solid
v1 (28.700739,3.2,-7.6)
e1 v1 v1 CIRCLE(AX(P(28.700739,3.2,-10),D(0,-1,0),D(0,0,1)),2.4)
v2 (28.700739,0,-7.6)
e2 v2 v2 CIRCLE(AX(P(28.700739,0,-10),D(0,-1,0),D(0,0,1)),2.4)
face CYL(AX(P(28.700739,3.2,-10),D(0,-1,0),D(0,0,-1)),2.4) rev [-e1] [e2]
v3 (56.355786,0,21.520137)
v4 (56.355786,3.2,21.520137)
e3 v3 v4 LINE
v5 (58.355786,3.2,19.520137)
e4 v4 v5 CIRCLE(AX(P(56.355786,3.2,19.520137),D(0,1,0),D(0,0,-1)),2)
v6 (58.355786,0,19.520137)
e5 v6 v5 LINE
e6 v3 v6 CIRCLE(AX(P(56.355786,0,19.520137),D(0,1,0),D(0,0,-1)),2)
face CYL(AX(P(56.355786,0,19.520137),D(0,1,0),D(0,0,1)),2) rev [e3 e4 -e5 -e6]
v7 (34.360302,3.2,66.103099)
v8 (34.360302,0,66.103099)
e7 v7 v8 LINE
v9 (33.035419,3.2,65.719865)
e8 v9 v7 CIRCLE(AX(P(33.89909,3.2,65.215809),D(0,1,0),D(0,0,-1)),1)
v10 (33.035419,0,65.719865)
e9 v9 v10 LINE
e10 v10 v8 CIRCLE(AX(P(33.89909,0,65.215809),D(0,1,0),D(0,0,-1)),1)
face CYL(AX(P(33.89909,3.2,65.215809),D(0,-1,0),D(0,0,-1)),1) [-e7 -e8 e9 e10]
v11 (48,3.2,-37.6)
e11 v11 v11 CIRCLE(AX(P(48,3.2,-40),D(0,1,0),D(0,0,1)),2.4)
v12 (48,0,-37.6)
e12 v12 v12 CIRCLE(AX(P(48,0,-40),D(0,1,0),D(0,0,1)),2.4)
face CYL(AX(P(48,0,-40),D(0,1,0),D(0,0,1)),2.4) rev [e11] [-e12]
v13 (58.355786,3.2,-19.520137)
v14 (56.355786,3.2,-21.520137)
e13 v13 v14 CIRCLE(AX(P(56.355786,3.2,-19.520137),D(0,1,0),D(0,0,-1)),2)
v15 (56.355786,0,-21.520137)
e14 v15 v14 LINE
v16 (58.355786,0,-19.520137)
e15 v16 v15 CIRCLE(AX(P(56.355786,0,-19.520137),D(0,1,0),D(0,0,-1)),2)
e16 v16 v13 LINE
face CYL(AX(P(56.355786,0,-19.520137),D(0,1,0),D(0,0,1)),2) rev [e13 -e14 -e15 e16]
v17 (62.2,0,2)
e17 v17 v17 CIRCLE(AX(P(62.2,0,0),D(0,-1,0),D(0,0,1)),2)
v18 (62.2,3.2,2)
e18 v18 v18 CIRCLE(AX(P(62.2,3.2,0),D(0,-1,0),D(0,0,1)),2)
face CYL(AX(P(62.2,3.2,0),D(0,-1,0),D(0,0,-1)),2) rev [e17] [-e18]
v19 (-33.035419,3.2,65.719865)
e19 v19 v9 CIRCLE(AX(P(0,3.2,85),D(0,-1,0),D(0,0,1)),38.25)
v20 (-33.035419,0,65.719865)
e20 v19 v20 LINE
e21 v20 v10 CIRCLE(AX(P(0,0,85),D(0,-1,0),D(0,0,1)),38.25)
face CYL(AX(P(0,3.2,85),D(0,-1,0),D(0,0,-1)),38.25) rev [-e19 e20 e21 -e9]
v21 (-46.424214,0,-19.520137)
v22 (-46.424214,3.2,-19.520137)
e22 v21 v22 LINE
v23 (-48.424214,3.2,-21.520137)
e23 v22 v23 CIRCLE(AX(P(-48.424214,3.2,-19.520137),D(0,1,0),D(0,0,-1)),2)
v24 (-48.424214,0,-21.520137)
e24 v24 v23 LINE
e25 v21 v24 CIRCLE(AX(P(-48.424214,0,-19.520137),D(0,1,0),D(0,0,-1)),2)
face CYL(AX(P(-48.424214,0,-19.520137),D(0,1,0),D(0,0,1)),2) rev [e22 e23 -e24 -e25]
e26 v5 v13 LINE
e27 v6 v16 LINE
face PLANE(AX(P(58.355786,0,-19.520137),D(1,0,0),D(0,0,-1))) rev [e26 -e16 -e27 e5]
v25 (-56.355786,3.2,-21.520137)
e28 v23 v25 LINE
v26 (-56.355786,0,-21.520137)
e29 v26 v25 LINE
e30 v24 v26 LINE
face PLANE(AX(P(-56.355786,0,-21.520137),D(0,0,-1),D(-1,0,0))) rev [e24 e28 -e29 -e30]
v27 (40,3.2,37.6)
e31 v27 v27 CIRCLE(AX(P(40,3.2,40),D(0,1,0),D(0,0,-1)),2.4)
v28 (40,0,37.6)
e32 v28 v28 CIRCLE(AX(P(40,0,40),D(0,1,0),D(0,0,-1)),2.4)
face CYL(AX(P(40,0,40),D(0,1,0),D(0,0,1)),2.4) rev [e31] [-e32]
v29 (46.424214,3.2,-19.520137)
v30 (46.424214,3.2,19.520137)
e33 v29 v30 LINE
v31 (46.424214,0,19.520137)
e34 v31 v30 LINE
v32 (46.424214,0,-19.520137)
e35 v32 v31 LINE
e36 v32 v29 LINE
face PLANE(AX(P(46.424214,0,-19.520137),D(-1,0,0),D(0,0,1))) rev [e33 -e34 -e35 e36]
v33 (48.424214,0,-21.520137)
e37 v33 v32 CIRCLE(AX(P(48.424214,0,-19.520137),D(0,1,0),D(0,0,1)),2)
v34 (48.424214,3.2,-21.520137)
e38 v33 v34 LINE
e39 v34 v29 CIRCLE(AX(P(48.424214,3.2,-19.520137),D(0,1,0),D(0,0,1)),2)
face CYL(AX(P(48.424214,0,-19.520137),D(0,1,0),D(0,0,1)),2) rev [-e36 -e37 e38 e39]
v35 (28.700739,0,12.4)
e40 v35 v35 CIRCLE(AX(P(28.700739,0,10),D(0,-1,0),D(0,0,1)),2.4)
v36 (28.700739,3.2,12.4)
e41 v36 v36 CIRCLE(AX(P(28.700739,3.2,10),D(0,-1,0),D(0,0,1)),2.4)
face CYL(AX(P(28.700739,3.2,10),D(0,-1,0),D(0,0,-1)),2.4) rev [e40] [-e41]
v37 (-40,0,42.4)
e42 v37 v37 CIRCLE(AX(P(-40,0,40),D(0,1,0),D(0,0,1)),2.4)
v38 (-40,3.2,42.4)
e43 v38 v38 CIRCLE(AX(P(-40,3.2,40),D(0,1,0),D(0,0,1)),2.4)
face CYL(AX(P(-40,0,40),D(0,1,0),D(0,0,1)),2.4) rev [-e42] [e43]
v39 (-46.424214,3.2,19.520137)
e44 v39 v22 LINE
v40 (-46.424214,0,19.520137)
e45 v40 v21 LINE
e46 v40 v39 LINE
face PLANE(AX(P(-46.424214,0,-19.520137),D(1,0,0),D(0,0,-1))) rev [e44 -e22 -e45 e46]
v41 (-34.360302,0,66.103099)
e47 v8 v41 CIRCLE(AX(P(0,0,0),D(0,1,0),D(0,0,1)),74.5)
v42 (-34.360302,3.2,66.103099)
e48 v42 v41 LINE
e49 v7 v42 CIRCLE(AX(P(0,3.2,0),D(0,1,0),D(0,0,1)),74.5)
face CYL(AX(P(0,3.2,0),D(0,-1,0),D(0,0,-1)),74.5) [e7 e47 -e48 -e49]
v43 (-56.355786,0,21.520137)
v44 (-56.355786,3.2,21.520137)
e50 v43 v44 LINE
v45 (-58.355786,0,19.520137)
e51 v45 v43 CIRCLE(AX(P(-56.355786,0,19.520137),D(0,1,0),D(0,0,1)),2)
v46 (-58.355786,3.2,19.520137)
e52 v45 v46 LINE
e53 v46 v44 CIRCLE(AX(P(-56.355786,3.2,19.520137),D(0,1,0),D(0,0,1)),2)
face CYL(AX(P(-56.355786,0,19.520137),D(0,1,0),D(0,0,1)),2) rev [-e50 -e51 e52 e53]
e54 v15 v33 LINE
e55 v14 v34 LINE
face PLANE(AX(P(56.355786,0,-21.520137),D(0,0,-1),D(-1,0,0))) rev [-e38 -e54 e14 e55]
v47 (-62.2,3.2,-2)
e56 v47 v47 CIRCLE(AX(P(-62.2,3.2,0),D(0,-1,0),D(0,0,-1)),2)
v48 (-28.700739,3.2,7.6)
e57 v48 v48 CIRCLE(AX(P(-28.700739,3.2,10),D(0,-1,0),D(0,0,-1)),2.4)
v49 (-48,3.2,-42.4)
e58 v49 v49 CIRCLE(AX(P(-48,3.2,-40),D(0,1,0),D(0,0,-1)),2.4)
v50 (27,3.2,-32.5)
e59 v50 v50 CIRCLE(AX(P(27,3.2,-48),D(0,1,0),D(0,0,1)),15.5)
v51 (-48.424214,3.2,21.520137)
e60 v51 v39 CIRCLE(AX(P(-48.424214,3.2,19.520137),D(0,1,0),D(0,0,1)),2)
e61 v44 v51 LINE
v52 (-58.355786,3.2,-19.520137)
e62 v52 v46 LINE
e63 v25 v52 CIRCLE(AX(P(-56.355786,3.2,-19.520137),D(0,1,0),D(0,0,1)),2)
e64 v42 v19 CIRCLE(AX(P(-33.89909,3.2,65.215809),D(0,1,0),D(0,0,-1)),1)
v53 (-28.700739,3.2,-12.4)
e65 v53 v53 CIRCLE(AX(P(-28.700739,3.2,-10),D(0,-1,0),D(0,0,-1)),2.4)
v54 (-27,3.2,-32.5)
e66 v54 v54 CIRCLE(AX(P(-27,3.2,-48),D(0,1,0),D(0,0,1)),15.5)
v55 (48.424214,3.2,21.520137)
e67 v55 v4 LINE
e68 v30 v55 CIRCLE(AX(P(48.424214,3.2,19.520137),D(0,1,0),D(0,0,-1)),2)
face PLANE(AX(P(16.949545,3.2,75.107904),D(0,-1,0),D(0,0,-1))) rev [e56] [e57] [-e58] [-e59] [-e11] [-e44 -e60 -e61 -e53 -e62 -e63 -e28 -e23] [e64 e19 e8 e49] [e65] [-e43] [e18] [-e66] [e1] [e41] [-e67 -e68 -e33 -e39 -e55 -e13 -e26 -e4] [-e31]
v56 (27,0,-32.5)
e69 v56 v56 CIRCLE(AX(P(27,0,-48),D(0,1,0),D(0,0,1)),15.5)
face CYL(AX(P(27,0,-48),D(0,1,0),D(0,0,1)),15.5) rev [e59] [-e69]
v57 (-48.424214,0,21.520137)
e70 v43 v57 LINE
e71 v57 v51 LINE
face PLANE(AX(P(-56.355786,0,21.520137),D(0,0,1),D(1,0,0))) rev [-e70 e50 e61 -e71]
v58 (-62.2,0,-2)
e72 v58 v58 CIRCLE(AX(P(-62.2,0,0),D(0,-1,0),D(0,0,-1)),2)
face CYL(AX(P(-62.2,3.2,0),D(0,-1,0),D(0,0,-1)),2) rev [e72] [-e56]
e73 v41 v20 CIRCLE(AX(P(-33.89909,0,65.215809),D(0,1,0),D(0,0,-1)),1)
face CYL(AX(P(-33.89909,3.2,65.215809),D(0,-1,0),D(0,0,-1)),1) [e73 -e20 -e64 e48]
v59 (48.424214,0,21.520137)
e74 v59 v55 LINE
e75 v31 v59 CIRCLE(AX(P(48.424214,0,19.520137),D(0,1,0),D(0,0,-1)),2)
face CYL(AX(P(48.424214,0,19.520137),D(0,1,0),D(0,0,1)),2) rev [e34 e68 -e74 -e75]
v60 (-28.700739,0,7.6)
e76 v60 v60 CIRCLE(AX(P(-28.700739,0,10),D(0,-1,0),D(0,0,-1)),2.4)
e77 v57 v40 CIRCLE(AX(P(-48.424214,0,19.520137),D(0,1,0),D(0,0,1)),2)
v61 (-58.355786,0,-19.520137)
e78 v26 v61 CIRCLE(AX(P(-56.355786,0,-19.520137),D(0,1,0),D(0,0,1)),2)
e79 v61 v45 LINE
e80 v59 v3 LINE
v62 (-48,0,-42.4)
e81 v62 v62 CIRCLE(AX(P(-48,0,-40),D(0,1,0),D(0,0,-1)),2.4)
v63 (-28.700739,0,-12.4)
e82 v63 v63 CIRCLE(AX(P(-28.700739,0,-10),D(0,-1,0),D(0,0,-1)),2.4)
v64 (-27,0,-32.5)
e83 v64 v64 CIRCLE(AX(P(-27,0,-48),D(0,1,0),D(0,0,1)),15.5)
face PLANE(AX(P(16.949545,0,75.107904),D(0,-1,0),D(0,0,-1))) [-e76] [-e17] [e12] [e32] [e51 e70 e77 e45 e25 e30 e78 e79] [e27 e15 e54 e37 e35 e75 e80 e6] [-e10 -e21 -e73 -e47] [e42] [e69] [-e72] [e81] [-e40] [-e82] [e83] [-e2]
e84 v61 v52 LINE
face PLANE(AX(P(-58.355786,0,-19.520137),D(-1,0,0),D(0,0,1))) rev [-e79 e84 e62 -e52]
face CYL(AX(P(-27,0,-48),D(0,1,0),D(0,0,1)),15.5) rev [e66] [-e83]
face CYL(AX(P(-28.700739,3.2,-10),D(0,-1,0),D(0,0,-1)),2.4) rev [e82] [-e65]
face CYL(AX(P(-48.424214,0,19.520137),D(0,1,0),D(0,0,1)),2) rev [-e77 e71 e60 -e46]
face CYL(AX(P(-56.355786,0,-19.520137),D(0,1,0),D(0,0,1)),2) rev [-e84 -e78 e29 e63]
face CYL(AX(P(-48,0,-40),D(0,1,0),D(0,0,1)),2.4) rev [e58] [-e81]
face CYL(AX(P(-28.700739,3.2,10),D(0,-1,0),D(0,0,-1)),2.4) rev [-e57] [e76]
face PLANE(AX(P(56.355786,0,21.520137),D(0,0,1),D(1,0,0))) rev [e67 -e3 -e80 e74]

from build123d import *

# Parameters (mm, degrees)
BOSS_EXTRUDE1_DEPTH = 3.2
SKETCH2_W           = 10.76
SKETCH2_H           = 41.868700306
CUT_EXTRUDE1_DEPTH  = 106.40749499
SKETCH3_R           = 2
SKETCH3_R_2         = 2.4
CUT_EXTRUDE2_DEPTH  = 106.40749499
SKETCH4_R           = 15
CUT_EXTRUDE3_DEPTH  = 106.40749499
CUT_EXTRUDE4_DEPTH  = 106.40749499
SKETCH6_R           = 2.4
CUT_EXTRUDE5_DEPTH  = 106.40749499
SKETCH8_R           = 15.5
CUT_EXTRUDE6_DEPTH  = 106.40749499


with BuildPart() as part:
    # Sketch1 → Boss-Extrude1 (new body)
    with BuildSketch(Plane(origin=(0, 0, 0), x_dir=(1, 0, 0), z_dir=(0, 1, 0))):
        with BuildLine():
            ThreePointArc((34.36030176, -66.103098739), (0, 74.5), (-34.36030176, -66.103098739))
            ThreePointArc((-34.36030176, -66.103098739), (-33.621222066, -66.176428208), (-33.035418582, -65.71986465))
            ThreePointArc((-33.035418582, -65.71986465), (0, -46.75), (33.035418582, -65.71986465))
            ThreePointArc((33.035418582, -65.71986465), (33.621222066, -66.176428208), (34.36030176, -66.103098739))
        make_face()
    extrude(amount=BOSS_EXTRUDE1_DEPTH)

    # Sketch2 → Cut-Extrude1 (cut, through all)
    with BuildSketch(Plane(origin=(0, 3.2, 0), x_dir=(1, 0, 0), z_dir=(0, 1, 0))):
        with Locations((-52.39, 0)):
            Rectangle(SKETCH2_W, SKETCH2_H)
        with Locations((52.39, 0)):
            Rectangle(SKETCH2_W, SKETCH2_H)
    extrude(amount=-CUT_EXTRUDE1_DEPTH, mode=Mode.SUBTRACT)

    # Sketch3 → Cut-Extrude2 (cut, through all)
    with BuildSketch(Plane.XZ):
        with Locations(Location((-62.2, 0, 0), (0, 0, 270))):
            Circle(SKETCH3_R)
        with Locations(Location((-28.700738686, 10, 0), (0, 0, 270))):
            Circle(SKETCH3_R_2)
        with Locations(Location((-28.700738686, -10, 0), (0, 0, 270))):
            Circle(SKETCH3_R_2)
        with Locations(Location((28.700738686, -10, 0), (0, 0, 90))):
            Circle(SKETCH3_R_2)
        with Locations(Location((28.700738686, 10, 0), (0, 0, 90))):
            Circle(SKETCH3_R_2)
        with Locations(Location((62.2, 0, 0), (0, 0, 90))):
            Circle(SKETCH3_R)
    extrude(amount=-CUT_EXTRUDE2_DEPTH, mode=Mode.SUBTRACT)

    # Sketch4 → Cut-Extrude3 (cut, through all)
    with BuildSketch(Plane(origin=(0, 3.2, 0), x_dir=(1, 0, 0), z_dir=(0, 1, 0))):
        with Locations(Location((-27, 48, 0), (0, 0, 270))):
            Circle(SKETCH4_R)
        with Locations(Location((27, 48, 0), (0, 0, 90))):
            Circle(SKETCH4_R)
    extrude(amount=-CUT_EXTRUDE3_DEPTH, mode=Mode.SUBTRACT)

    # Sketch5 → Cut-Extrude4 (cut, through all)
    with BuildSketch(Plane(origin=(0, 3.2, 0), x_dir=(1, 0, 0), z_dir=(0, 1, 0))):
        with BuildLine():
            Line((-56.355786438, 21.520136591), (-48.424213562, 21.520136591))
            ThreePointArc((-48.424213562, 21.520136591), (-47.01, 20.934350153), (-46.424213562, 19.520136591))
            Line((-46.424213562, 19.520136591), (-46.424213562, -19.520136591))
            ThreePointArc((-46.424213562, -19.520136591), (-47.01, -20.934350153), (-48.424213562, -21.520136591))
            Line((-48.424213562, -21.520136591), (-56.355786438, -21.520136591))
            ThreePointArc((-56.355786438, -21.520136591), (-57.77, -20.934350153), (-58.355786438, -19.520136591))
            Line((-58.355786438, -19.520136591), (-58.355786438, 19.520136591))
            ThreePointArc((-58.355786438, 19.520136591), (-57.77, 20.934350153), (-56.355786438, 21.520136591))
        make_face()
        with BuildLine():
            Line((46.424213562, 19.520136591), (46.424213562, -19.520136591))
            ThreePointArc((46.424213562, -19.520136591), (47.01, -20.934350153), (48.424213562, -21.520136591))
            Line((48.424213562, -21.520136591), (56.355786438, -21.520136591))
            ThreePointArc((56.355786438, -21.520136591), (57.77, -20.934350153), (58.355786438, -19.520136591))
            Line((58.355786438, -19.520136591), (58.355786438, 19.520136591))
            ThreePointArc((58.355786438, 19.520136591), (57.77, 20.934350153), (56.355786438, 21.520136591))
            Line((56.355786438, 21.520136591), (48.424213562, 21.520136591))
            ThreePointArc((48.424213562, 21.520136591), (47.01, 20.934350153), (46.424213562, 19.520136591))
        make_face()
    extrude(amount=-CUT_EXTRUDE4_DEPTH, mode=Mode.SUBTRACT)

    # Sketch6 → Cut-Extrude5 (cut, through all)
    with BuildSketch(Plane(origin=(0, 3.2, 0), x_dir=(1, 0, 0), z_dir=(0, 1, 0))):
        with Locations(Location((48, 40, 0), (0, 0, 270))):
            Circle(SKETCH6_R)
        with Locations(Location((-40, -40, 0), (0, 0, 270))):
            Circle(SKETCH6_R)
        with Locations(Location((40, -40, 0), (0, 0, 90))):
            Circle(SKETCH6_R)
        with Locations(Location((-48, 40, 0), (0, 0, 90))):
            Circle(SKETCH6_R)
    extrude(amount=-CUT_EXTRUDE5_DEPTH, mode=Mode.SUBTRACT)

    # Sketch8 → Cut-Extrude6 (cut, through all)
    with BuildSketch(Plane(origin=(0, 3.2, 0), x_dir=(1, 0, 0), z_dir=(0, 1, 0))):
        with Locations(Location((-27, 48, 0), (0, 0, 270))):
            Circle(SKETCH8_R)
        with Locations(Location((27, 48, 0), (0, 0, 270))):
            Circle(SKETCH8_R)
    extrude(amount=-CUT_EXTRUDE6_DEPTH, mode=Mode.SUBTRACT)


solid = part.part
